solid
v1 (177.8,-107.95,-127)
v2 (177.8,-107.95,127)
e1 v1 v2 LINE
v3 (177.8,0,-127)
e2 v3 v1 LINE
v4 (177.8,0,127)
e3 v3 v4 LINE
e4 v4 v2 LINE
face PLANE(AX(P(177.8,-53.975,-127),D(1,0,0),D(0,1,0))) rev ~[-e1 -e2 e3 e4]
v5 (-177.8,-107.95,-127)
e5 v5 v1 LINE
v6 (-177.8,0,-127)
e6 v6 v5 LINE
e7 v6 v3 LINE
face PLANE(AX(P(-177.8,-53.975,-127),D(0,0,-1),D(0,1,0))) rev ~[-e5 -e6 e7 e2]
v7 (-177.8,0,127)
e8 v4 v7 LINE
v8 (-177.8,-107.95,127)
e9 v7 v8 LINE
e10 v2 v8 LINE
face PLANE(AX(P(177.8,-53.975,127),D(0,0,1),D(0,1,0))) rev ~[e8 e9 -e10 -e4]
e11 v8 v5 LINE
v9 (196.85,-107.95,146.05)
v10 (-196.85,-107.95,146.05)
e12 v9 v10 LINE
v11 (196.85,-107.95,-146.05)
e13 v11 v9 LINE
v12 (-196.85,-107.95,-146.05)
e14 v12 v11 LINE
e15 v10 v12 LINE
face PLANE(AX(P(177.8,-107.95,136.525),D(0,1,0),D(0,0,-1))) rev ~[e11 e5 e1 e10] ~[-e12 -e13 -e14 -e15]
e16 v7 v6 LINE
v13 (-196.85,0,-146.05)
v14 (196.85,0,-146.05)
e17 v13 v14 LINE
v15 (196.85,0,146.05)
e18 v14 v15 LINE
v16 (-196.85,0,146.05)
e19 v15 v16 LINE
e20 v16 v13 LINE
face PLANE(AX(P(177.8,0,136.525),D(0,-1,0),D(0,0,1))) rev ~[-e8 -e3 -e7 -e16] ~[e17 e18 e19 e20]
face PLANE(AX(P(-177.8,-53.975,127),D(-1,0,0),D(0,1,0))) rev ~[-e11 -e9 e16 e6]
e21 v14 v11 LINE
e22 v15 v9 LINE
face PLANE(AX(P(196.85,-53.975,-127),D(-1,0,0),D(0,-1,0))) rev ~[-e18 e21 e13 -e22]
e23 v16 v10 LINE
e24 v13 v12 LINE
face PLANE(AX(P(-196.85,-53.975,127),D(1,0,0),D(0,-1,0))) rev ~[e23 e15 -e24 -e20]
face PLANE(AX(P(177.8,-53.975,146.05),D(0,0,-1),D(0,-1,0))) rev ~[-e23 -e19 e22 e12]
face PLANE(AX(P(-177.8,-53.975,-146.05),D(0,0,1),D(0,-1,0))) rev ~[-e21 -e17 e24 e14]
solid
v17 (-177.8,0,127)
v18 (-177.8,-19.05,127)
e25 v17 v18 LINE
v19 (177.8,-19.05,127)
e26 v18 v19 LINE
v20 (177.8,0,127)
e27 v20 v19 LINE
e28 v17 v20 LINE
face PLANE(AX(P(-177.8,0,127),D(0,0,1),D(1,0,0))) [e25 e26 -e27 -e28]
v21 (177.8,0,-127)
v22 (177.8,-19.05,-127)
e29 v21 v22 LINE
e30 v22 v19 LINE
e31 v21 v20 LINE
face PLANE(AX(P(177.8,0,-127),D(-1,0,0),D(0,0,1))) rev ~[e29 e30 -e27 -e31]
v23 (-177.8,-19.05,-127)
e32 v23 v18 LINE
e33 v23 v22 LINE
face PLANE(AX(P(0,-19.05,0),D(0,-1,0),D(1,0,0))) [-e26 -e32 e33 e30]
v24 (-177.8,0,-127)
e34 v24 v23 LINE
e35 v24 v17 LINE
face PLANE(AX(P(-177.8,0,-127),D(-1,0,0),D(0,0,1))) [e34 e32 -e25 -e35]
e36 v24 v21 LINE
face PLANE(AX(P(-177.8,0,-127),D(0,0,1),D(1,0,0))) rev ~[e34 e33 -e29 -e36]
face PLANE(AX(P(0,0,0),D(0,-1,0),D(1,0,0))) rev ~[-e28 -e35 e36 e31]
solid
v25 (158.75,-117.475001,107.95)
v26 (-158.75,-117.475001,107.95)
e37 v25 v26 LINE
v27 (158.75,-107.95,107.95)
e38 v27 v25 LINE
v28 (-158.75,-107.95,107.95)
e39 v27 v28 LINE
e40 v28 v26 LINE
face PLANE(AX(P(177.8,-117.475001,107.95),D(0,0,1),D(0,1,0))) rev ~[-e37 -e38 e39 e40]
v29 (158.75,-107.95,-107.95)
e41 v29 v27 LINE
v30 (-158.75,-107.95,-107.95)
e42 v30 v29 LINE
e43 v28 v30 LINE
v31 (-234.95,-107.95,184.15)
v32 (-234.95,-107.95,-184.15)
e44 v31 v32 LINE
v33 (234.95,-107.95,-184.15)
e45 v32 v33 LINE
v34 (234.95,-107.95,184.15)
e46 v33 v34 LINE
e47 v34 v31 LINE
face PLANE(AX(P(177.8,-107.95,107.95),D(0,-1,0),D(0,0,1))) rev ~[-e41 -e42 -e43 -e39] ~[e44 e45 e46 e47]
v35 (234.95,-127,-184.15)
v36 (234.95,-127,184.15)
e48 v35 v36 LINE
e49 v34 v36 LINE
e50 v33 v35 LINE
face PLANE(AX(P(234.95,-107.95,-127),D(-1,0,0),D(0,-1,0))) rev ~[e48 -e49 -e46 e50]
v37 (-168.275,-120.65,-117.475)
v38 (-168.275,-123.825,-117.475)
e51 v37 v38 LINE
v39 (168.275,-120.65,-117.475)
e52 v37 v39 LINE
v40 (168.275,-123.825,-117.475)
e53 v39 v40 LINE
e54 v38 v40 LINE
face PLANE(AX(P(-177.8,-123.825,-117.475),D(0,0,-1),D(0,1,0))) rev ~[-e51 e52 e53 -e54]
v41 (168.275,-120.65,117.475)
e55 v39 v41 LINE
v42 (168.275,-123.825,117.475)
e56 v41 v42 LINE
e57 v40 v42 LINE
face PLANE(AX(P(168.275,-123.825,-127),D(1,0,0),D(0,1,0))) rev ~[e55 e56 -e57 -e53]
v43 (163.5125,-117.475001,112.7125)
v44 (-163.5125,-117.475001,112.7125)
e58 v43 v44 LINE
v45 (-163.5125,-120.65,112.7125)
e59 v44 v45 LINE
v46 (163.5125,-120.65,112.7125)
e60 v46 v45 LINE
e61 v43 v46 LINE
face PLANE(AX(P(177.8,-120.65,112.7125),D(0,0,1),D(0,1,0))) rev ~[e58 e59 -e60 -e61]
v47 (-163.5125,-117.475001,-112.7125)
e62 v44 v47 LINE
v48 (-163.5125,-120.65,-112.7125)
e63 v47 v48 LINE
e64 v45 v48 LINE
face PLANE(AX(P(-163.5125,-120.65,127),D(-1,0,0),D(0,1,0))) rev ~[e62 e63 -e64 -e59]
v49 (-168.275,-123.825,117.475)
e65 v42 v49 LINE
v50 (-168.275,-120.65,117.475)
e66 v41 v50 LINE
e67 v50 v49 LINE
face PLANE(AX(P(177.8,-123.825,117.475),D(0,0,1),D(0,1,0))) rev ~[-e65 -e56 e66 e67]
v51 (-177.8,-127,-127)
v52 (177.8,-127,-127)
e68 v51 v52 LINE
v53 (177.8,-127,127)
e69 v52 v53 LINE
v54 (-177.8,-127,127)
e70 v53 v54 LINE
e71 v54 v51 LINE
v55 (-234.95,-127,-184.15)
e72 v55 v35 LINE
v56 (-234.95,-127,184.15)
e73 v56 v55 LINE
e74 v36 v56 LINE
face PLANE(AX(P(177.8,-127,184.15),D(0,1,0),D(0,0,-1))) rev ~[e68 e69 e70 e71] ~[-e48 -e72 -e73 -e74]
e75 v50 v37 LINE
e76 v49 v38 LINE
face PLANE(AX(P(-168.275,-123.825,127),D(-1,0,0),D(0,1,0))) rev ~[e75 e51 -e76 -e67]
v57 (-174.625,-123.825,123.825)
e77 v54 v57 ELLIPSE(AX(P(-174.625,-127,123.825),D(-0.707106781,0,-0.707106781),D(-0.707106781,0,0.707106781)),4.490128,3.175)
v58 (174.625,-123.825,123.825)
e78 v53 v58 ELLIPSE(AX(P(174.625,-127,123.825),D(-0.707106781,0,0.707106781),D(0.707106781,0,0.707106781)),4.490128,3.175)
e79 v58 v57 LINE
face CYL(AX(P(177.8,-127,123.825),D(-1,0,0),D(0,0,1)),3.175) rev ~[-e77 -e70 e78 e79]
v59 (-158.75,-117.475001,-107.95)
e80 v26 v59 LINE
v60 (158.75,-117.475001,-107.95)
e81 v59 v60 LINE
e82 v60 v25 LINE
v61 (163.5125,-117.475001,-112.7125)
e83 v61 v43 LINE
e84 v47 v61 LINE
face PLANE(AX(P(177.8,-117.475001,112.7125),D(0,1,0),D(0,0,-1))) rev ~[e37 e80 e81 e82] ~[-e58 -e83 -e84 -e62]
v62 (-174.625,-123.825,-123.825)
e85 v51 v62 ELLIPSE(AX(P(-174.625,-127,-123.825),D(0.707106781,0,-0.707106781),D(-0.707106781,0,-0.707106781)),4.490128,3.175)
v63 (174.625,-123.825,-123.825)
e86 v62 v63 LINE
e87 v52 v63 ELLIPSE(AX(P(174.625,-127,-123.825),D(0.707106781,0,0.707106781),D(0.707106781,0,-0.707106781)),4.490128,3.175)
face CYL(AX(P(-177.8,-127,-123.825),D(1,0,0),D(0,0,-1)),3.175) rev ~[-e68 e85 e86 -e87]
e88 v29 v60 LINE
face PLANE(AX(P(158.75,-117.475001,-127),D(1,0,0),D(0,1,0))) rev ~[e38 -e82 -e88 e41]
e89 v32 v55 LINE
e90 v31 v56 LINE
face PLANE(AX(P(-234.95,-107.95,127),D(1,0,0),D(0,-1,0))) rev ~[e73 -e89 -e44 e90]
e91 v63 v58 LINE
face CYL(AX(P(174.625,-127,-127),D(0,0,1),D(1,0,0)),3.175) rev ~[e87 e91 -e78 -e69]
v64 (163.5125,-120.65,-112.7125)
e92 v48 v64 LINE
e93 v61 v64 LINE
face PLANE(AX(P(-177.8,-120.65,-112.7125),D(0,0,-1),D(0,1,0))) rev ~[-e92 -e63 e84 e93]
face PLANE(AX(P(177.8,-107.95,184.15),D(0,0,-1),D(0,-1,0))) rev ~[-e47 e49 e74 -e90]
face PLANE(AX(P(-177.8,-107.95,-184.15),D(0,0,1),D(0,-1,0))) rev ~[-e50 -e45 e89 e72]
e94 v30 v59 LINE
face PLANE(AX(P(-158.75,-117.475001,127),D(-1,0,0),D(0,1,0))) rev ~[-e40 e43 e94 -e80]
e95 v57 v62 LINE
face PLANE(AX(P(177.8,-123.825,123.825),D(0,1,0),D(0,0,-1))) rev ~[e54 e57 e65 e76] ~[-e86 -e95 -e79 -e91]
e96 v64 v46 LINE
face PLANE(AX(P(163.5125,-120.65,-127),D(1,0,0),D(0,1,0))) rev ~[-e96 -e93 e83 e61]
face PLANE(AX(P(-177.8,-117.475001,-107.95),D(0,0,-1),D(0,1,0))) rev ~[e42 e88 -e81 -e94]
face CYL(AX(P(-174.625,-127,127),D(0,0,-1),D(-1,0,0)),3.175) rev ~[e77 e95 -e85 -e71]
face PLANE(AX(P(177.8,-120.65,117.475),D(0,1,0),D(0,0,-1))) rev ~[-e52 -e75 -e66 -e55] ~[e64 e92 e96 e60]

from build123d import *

# Parameters (mm, degrees)
F0_W     = 355.6
F0_H     = 254
F1_DEPTH = 19.05
F2_W     = 107.95
F2_H     = 19.05


with BuildPart() as f1:
    # F0 (on Front) → F1 (new body)
    with BuildSketch(Plane.XZ):
        Rectangle(F0_W, F0_H)
    extrude(amount=F1_DEPTH)


with BuildPart() as f3:
    # F3: sweep along a path in F0
    with BuildLine(Plane.XZ) as f3_path:
        Line((177.8, 127), (-177.8, 127))
        Line((-177.8, 127), (-177.8, -127))
        Line((-177.8, -127), (177.8, -127))
        Line((177.8, -127), (177.8, 127))
    # F2 (on Right) → F3 (sweep)
    with BuildSketch(Plane.YZ):
        with Locations((-53.975, 136.525)):
            Rectangle(F2_W, F2_H)
    sweep(path=f3_path.line, transition=Transition.RIGHT)


with BuildPart() as f5:
    # F5: sweep along a path in F0
    with BuildLine(Plane.XZ) as f5_path:
        Line((177.8, 127), (-177.8, 127))
        Line((-177.8, 127), (-177.8, -127))
        Line((-177.8, -127), (177.8, -127))
        Line((177.8, -127), (177.8, 127))
    # F4 (on Right) → F5 (sweep)
    with BuildSketch(Plane.YZ):
        with BuildLine():
            Line((-107.95, 127), (-107.95, 184.15))
            Line((-107.95, 184.15), (-127, 184.15))
            Line((-127, 184.15), (-127, 127))
            ThreePointArc((-127, 127), (-124.7549359697, 126.0700640303), (-123.825, 123.825))
            Line((-123.825, 123.825), (-123.825, 117.475))
            Line((-123.825, 117.475), (-120.65, 117.475))
            Line((-120.65, 117.475), (-120.65, 112.7125))
            Line((-120.65, 112.7125), (-117.4750008702, 112.7125))
            Line((-117.4750008702, 112.7125), (-117.4750008702, 107.95))
            Line((-117.4750008702, 107.95), (-107.95, 107.95))
            Line((-107.95, 107.95), (-107.95, 127))
        make_face()
    sweep(path=f5_path.line, transition=Transition.RIGHT)


solid = Compound([f1.part, f3.part, f5.part])
